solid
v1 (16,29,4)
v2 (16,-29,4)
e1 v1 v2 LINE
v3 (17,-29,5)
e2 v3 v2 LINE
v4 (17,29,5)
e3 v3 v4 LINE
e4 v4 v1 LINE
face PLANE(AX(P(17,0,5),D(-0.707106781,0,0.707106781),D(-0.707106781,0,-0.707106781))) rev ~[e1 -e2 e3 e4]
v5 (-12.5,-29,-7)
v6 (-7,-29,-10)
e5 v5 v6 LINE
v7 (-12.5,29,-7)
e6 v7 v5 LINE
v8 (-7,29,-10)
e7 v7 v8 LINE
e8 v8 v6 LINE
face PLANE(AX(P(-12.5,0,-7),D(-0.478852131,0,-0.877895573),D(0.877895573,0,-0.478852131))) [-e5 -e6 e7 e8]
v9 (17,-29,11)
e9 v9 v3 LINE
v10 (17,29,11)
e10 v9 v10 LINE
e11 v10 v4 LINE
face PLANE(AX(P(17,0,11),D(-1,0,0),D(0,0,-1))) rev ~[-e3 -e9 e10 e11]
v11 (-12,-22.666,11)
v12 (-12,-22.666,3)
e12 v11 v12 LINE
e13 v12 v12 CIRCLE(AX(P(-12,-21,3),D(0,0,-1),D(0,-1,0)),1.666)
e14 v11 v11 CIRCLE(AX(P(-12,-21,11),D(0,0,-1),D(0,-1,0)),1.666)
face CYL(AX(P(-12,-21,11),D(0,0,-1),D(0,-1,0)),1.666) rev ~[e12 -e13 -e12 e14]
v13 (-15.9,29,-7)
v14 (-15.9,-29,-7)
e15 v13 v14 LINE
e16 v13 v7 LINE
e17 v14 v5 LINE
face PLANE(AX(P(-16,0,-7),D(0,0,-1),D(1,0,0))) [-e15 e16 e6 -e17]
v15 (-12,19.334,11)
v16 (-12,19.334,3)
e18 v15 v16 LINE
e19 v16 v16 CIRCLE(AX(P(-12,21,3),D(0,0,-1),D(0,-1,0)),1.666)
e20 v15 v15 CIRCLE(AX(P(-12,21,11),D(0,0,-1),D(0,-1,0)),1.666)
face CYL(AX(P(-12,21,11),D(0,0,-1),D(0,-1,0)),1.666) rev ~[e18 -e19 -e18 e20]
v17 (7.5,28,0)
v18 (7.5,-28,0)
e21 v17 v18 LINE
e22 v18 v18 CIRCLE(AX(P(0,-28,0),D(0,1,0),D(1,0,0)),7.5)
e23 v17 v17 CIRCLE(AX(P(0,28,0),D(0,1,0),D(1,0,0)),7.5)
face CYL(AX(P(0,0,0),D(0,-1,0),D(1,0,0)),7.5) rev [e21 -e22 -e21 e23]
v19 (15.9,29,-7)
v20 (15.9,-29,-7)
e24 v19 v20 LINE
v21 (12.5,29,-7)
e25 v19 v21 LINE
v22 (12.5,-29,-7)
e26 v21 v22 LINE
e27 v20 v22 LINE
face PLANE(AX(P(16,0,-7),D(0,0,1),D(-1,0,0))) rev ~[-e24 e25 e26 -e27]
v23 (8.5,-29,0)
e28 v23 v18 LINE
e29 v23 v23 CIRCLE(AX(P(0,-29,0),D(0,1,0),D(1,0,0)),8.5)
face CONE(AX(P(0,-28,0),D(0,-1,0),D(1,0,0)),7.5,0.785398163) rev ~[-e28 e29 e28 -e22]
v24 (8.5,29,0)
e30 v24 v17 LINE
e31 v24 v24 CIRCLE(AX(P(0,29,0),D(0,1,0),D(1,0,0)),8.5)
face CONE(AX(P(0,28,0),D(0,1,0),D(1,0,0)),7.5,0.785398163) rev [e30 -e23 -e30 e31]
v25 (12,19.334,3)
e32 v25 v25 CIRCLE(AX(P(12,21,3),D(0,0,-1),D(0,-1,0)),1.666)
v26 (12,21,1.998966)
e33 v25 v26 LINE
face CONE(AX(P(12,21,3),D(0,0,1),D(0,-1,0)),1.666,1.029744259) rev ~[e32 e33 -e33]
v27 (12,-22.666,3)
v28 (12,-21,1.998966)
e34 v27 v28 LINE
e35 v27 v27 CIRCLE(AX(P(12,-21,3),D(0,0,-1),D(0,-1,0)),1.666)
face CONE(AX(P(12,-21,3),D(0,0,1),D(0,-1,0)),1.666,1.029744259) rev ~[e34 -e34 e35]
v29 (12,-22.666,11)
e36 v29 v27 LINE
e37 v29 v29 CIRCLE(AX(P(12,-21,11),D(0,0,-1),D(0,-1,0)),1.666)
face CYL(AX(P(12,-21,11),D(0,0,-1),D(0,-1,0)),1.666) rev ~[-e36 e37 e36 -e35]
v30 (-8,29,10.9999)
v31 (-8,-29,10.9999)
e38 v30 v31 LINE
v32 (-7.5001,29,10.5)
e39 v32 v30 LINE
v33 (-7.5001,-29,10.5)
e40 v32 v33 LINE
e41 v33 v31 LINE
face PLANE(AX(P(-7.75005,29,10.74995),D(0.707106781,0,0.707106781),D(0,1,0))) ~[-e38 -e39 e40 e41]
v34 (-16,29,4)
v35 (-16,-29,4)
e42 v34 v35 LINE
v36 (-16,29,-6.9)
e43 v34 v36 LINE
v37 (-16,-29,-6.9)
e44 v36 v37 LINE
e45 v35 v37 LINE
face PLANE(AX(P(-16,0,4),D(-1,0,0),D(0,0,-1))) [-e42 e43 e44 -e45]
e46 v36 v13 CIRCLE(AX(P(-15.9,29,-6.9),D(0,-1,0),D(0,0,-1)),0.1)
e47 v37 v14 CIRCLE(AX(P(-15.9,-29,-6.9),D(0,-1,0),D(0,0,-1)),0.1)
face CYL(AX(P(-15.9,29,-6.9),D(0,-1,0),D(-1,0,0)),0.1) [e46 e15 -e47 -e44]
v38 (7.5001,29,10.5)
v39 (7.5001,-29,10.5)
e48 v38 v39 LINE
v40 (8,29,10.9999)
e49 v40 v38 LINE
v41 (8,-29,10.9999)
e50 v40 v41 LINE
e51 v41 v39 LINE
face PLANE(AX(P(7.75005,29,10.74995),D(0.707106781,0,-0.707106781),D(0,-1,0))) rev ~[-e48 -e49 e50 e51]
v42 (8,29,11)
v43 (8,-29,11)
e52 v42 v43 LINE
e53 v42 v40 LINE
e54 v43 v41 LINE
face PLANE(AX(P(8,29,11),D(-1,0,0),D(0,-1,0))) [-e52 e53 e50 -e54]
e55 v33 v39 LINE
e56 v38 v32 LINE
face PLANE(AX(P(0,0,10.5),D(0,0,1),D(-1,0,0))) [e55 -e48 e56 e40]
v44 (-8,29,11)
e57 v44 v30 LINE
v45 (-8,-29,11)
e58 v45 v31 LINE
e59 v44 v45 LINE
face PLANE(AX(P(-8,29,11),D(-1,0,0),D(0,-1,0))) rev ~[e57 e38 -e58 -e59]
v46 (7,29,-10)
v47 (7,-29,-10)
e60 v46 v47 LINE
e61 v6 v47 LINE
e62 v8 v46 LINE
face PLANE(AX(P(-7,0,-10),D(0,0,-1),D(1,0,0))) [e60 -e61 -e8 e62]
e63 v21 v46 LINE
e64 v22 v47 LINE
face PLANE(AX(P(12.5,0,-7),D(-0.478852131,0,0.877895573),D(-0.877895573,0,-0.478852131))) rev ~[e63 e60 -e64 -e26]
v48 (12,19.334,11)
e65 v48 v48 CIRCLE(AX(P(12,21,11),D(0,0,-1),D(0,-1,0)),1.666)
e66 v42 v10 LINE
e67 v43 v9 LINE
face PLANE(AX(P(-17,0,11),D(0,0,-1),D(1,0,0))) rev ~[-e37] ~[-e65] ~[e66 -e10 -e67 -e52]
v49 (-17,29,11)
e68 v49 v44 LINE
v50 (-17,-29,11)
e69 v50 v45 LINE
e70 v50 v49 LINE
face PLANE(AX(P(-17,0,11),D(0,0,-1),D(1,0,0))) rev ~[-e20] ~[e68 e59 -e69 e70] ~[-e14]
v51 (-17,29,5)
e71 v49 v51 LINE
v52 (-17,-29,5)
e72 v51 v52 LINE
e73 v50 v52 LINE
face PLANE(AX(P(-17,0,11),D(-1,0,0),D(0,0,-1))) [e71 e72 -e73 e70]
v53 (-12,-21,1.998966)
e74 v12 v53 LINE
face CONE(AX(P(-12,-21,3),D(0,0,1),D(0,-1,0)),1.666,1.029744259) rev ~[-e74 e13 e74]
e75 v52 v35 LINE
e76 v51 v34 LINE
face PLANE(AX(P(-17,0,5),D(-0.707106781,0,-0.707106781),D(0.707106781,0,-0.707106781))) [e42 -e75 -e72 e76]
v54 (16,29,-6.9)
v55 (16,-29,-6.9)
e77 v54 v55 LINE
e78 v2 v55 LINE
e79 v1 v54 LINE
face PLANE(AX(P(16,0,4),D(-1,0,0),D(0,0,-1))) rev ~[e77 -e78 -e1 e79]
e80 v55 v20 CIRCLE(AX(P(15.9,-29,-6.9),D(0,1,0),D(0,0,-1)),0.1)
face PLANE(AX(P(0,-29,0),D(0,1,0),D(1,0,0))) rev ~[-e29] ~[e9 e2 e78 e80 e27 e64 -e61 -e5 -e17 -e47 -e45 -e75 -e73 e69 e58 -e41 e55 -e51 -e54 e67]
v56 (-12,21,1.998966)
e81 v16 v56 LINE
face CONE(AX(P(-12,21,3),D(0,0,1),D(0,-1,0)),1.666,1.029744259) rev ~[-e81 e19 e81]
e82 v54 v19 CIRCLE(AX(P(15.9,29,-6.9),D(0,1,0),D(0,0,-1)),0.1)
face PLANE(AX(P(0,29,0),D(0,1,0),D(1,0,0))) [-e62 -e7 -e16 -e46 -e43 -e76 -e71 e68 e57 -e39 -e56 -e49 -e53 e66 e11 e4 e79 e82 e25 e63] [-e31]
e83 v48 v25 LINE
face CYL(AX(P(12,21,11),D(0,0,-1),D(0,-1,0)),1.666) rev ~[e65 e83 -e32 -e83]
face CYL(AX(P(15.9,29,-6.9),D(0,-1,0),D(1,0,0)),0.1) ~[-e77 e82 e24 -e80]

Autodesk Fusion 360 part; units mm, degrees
sketch "Sketch1" plane through (0, 0, 0) normal (0, 1, 0) x (1, 0, 0)
  circle A0 centre (0, 0) radius 7.5
  line L0 (-17, -11) -> (17, -11)
  line L1 (17, -11) -> (17, -5)
  line L2 (17, -5) -> (16, -4)
  line L3 (16, -4) -> (16, 7)
  line L4 (16, 7) -> (12.5, 7)
  line L5 (12.5, 7) -> (7, 10)
  line L6 (-17, -11) -> (-17, -5)
  line L7 (-17, -5) -> (-16, -4)
  line L8 (-16, -4) -> (-16, 7)
  line L9 (-16, 7) -> (-12.5, 7)
  line L10 (-12.5, 7) -> (-7, 10)
  line L11 (-7, 10) -> (7, 10)
  dimension "d1" = 15
  dimension "d2" = 34
  dimension "d3" = 14
  dimension "d4" = 21
extrude "Extrude1" add sketch "Sketch1" along normal mid plane 58
sketch "Sketch2" plane through (0, 0, 11) normal (0, 0, 1) x (-1, 0, 0)
  line L0 (-17, 29) -> (-17, -29)
  line L1 (-17, -29) -> (17, -29)
  line L2 (17, -29) -> (17, 29)
  line L3 (17, 29) -> (-17, 29)
  line L4 (0, -21) -> (0, 21) construction
  line L5 (17, 0) -> (-17, 0) construction
  line L6 (-12, -21) -> (12, -21) construction
  line L7 (12, 21) -> (-12, 21) construction
  circle A0 centre (-12, -21) radius 2
  circle A1 centre (-12, 21) radius 2
  circle A2 centre (12, 21) radius 2
  circle A3 centre (12, -21) radius 2
  line L8 (8, -29) -> (8, 29)
  line L9 (-10, -21) -> (-8, -21)
  line L10 (-8, -29) -> (-8, 29)
  dimension "d7" = 42
  dimension "d8" = 24
  dimension "d13" = 16
hole "Hole1" at (12, 21, 11) at (-12, 21, 11) at (-12, -21, 11) at (12, -21, 11) direction (0, 0, -1) diameter 3.332 depth 8 tip angle 118
chamfer "Chamfer1" distance 1 angle 45 2 edges at (-6.9925, -29, 2.7121) (-6.9925, 29, -2.7121)
extrude "Extrude2" cut sketch "Sketch2" against normal blind 0.5 contours L1 L3 L8 L10
chamfer "Chamfer2" distance 0.5 angle 45 2 edges at (-8, 0, 10.5) (8, 0, 10.5)
fillet "Fillet1" radius 0.1 2 edges at (16, 0, -7) (-16, 0, -7)
